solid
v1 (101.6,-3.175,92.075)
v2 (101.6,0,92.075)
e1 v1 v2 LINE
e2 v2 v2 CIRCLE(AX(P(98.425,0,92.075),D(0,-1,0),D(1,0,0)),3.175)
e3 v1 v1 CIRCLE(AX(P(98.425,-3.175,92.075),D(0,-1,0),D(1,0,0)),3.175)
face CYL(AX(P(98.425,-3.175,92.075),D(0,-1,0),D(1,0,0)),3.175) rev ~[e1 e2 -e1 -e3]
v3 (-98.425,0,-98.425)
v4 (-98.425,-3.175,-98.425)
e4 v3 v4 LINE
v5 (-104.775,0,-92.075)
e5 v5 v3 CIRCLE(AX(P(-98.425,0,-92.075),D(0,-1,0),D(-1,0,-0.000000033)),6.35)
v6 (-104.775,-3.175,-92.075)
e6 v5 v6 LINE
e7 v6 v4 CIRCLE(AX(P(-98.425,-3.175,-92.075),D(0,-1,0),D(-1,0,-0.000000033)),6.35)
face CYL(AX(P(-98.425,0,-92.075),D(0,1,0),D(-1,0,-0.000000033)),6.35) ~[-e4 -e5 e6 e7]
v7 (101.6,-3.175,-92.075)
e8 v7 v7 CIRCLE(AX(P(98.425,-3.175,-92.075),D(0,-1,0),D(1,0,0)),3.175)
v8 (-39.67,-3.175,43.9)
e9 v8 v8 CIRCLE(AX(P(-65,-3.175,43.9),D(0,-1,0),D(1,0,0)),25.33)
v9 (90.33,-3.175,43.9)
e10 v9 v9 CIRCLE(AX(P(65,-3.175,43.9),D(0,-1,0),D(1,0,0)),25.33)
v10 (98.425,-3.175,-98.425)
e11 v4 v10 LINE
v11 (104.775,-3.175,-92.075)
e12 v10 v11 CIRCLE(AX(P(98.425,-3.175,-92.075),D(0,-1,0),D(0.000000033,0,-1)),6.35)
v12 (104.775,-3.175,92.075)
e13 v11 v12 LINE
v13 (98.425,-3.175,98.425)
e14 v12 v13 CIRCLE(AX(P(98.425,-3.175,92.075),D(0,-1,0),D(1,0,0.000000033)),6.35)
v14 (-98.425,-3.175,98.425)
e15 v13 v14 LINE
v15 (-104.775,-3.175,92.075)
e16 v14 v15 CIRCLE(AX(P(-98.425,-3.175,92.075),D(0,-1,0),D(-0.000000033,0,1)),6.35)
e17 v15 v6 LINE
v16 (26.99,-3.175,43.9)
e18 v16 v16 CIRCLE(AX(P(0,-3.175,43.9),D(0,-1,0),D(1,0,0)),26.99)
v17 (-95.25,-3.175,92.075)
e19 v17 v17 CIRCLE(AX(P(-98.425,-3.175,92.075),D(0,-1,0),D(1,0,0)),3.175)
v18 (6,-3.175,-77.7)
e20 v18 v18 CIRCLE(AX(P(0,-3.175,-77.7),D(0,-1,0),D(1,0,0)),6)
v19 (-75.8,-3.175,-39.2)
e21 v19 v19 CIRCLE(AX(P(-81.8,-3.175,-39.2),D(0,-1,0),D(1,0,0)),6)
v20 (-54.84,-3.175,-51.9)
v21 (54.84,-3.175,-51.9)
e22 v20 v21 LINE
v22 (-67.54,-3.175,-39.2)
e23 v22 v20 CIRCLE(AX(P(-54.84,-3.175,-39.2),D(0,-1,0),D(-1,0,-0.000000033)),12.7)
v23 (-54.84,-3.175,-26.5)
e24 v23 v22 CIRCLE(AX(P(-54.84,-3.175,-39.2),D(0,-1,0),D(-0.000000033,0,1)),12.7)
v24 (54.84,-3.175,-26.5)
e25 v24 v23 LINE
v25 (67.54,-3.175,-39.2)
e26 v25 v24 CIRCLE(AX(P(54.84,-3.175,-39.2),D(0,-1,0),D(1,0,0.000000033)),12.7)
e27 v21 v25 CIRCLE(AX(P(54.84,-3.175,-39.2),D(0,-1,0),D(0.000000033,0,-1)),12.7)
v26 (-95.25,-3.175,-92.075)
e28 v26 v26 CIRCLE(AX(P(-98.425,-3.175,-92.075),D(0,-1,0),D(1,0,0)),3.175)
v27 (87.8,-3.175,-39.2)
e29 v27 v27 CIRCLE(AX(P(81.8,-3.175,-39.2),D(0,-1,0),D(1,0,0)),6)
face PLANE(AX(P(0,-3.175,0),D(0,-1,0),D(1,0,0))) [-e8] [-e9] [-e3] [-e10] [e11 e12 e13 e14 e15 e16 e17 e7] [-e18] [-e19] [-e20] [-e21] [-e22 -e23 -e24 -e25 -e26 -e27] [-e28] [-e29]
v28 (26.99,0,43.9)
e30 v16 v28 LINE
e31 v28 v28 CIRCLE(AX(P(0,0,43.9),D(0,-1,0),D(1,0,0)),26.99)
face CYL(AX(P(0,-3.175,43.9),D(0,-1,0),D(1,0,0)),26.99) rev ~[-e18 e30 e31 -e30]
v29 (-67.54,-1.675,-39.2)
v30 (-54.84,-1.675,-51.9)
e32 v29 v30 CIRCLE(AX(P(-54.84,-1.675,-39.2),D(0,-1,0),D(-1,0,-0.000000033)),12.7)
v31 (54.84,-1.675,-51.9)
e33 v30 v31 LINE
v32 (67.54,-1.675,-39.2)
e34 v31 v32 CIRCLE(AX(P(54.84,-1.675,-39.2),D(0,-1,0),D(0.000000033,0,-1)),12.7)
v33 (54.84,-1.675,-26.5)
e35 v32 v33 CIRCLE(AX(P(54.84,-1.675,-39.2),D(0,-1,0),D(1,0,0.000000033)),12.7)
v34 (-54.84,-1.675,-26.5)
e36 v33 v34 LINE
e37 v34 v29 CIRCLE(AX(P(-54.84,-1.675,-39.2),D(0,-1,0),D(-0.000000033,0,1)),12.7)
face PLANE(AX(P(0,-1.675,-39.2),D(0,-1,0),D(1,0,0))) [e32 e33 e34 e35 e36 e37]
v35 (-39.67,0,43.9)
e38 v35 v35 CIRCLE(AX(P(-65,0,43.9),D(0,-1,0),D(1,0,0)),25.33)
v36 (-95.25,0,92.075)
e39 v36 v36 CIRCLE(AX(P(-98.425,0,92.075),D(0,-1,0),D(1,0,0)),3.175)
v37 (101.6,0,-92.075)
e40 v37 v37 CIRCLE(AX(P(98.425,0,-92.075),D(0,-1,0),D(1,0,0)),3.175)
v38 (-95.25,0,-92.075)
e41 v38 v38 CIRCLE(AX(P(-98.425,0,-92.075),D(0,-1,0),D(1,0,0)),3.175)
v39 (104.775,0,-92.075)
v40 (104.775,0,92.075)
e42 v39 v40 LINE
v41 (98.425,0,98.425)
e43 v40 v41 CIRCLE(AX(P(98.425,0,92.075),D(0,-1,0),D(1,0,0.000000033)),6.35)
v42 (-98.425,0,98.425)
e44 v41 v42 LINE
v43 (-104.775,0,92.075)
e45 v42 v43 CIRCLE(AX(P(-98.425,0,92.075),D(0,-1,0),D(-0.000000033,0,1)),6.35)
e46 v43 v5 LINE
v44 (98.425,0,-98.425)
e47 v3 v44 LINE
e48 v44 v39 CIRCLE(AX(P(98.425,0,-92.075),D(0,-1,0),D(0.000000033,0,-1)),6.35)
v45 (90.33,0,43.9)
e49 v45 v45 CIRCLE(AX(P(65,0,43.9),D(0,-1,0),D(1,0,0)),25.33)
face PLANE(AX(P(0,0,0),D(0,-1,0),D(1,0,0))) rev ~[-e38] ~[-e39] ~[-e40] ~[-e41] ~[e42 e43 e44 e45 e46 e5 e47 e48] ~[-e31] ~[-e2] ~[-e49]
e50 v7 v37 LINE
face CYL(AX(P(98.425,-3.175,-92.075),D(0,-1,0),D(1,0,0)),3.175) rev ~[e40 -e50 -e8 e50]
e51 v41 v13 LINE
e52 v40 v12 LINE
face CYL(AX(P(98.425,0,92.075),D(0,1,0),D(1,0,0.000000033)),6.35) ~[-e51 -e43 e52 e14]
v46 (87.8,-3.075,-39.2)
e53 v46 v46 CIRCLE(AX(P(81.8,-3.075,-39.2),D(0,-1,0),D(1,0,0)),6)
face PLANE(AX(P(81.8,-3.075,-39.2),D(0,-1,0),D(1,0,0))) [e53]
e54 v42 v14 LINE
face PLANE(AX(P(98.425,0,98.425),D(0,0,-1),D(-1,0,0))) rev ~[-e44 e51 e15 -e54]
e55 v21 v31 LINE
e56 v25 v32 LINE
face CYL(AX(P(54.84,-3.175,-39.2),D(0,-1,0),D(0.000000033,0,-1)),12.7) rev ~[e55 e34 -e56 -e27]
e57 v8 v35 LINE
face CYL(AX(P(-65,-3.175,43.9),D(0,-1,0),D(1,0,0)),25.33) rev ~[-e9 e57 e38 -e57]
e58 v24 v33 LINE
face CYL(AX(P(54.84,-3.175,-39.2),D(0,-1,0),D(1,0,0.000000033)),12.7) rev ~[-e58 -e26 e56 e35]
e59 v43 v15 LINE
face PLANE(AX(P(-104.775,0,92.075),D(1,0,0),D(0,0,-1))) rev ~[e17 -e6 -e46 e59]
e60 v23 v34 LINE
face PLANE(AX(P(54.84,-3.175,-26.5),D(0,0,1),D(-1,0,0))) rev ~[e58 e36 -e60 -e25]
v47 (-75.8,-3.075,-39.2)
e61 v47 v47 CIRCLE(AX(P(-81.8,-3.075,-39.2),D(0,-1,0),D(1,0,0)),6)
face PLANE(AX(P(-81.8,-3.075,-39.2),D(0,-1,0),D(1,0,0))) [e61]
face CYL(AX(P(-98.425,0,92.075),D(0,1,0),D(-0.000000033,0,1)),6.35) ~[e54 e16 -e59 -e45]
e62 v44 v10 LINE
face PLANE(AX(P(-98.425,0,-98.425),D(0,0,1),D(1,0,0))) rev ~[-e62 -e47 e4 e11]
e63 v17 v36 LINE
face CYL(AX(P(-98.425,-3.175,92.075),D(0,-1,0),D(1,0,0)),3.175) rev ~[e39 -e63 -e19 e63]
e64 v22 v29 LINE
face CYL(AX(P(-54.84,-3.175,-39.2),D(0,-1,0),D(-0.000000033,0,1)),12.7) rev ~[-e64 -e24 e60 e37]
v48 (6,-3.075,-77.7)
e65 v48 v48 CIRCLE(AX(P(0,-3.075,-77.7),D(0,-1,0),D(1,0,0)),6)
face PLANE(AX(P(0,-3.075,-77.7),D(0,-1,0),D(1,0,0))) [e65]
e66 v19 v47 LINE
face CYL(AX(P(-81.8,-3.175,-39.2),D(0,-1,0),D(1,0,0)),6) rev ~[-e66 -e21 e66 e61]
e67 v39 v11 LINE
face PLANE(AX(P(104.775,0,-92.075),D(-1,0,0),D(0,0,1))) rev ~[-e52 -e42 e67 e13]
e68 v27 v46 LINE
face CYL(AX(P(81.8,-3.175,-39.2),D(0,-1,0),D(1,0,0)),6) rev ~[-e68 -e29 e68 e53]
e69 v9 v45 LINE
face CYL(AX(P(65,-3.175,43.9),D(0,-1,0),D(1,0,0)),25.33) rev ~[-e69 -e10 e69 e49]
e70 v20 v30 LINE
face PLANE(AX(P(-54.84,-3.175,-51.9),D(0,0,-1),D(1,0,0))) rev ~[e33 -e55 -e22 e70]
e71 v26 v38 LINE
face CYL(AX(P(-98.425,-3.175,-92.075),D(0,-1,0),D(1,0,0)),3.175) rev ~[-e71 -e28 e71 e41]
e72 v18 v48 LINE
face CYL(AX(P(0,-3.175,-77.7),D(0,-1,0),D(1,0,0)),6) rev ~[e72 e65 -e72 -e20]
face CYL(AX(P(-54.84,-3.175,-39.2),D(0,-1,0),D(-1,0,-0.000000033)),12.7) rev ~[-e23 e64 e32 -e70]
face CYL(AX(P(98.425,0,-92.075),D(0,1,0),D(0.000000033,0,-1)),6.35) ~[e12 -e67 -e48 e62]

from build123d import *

# Parameters (mm, degrees)
F1_DEPTH = 3.175
F2_R     = 3.175
F3_DEPTH = 25.4
F5_DEPTH = 1.5
F6_R     = 6
F7_DEPTH = 0.1
F8_R     = 25.33
F8_R_2   = 26.99
F9_DEPTH = 3.176


with BuildPart() as f1:
    # F0 (on Front) → F1 (new body)
    with BuildSketch(Plane.XZ):
        with BuildLine():
            Line((98.425, 98.425), (-98.425, 98.425))
            ThreePointArc((-98.425, 98.425), (-102.915128, 96.565128), (-104.775, 92.075))
            Line((-104.775, 92.075), (-104.775, -92.075))
            ThreePointArc((-104.775, -92.075), (-102.915128, -96.565128), (-98.425, -98.425))
            Line((-98.425, -98.425), (98.425, -98.425))
            ThreePointArc((98.425, -98.425), (102.915128, -96.565128), (104.775, -92.075))
            Line((104.775, -92.075), (104.775, 92.075))
            ThreePointArc((104.775, 92.075), (102.915128, 96.565128), (98.425, 98.425))
        make_face()
    extrude(amount=F1_DEPTH)

    # F2 (on face) → F3 (cut)
    with BuildSketch(Plane.XZ.offset(3.175)):
        with Locations((-98.425, 92.075)):
            Circle(F2_R)
        with Locations((98.425, 92.075)):
            Circle(F2_R)
        with Locations((98.425, -92.075)):
            Circle(F2_R)
        with Locations((-98.425, -92.075)):
            Circle(F2_R)
    extrude(amount=-F3_DEPTH, mode=Mode.SUBTRACT)

    # F4 (on face) → F5 (cut)
    with BuildSketch(Plane.XZ.offset(3.175)):
        with BuildLine():
            Line((54.84, -26.5), (-54.84, -26.5))
            ThreePointArc((-54.84, -26.5), (-63.820256, -30.219744), (-67.54, -39.2))
            ThreePointArc((-67.54, -39.2), (-63.820256, -48.180256), (-54.84, -51.9))
            Line((-54.84, -51.9), (54.84, -51.9))
            ThreePointArc((54.84, -51.9), (63.820256, -48.180256), (67.54, -39.2))
            ThreePointArc((67.54, -39.2), (63.820256, -30.219744), (54.84, -26.5))
        make_face()
    extrude(amount=-F5_DEPTH, mode=Mode.SUBTRACT)

    # F6 (on face) → F7 (cut)
    with BuildSketch(Plane.XZ.offset(3.175)):
        with Locations((-81.8, -39.2)):
            Circle(F6_R)
        with Locations((0, -77.7)):
            Circle(F6_R)
        with Locations((81.8, -39.2)):
            Circle(F6_R)
    extrude(amount=-F7_DEPTH, mode=Mode.SUBTRACT)

    # F8 (on face) → F9 (cut, through all)
    with BuildSketch(Plane.XZ.offset(3.175)):
        with Locations((-65, 43.9)):
            Circle(F8_R)
        with Locations((65, 43.9)):
            Circle(F8_R)
        with Locations((0, 43.9)):
            Circle(F8_R_2)
    extrude(amount=-F9_DEPTH, mode=Mode.SUBTRACT)


solid = f1.part
